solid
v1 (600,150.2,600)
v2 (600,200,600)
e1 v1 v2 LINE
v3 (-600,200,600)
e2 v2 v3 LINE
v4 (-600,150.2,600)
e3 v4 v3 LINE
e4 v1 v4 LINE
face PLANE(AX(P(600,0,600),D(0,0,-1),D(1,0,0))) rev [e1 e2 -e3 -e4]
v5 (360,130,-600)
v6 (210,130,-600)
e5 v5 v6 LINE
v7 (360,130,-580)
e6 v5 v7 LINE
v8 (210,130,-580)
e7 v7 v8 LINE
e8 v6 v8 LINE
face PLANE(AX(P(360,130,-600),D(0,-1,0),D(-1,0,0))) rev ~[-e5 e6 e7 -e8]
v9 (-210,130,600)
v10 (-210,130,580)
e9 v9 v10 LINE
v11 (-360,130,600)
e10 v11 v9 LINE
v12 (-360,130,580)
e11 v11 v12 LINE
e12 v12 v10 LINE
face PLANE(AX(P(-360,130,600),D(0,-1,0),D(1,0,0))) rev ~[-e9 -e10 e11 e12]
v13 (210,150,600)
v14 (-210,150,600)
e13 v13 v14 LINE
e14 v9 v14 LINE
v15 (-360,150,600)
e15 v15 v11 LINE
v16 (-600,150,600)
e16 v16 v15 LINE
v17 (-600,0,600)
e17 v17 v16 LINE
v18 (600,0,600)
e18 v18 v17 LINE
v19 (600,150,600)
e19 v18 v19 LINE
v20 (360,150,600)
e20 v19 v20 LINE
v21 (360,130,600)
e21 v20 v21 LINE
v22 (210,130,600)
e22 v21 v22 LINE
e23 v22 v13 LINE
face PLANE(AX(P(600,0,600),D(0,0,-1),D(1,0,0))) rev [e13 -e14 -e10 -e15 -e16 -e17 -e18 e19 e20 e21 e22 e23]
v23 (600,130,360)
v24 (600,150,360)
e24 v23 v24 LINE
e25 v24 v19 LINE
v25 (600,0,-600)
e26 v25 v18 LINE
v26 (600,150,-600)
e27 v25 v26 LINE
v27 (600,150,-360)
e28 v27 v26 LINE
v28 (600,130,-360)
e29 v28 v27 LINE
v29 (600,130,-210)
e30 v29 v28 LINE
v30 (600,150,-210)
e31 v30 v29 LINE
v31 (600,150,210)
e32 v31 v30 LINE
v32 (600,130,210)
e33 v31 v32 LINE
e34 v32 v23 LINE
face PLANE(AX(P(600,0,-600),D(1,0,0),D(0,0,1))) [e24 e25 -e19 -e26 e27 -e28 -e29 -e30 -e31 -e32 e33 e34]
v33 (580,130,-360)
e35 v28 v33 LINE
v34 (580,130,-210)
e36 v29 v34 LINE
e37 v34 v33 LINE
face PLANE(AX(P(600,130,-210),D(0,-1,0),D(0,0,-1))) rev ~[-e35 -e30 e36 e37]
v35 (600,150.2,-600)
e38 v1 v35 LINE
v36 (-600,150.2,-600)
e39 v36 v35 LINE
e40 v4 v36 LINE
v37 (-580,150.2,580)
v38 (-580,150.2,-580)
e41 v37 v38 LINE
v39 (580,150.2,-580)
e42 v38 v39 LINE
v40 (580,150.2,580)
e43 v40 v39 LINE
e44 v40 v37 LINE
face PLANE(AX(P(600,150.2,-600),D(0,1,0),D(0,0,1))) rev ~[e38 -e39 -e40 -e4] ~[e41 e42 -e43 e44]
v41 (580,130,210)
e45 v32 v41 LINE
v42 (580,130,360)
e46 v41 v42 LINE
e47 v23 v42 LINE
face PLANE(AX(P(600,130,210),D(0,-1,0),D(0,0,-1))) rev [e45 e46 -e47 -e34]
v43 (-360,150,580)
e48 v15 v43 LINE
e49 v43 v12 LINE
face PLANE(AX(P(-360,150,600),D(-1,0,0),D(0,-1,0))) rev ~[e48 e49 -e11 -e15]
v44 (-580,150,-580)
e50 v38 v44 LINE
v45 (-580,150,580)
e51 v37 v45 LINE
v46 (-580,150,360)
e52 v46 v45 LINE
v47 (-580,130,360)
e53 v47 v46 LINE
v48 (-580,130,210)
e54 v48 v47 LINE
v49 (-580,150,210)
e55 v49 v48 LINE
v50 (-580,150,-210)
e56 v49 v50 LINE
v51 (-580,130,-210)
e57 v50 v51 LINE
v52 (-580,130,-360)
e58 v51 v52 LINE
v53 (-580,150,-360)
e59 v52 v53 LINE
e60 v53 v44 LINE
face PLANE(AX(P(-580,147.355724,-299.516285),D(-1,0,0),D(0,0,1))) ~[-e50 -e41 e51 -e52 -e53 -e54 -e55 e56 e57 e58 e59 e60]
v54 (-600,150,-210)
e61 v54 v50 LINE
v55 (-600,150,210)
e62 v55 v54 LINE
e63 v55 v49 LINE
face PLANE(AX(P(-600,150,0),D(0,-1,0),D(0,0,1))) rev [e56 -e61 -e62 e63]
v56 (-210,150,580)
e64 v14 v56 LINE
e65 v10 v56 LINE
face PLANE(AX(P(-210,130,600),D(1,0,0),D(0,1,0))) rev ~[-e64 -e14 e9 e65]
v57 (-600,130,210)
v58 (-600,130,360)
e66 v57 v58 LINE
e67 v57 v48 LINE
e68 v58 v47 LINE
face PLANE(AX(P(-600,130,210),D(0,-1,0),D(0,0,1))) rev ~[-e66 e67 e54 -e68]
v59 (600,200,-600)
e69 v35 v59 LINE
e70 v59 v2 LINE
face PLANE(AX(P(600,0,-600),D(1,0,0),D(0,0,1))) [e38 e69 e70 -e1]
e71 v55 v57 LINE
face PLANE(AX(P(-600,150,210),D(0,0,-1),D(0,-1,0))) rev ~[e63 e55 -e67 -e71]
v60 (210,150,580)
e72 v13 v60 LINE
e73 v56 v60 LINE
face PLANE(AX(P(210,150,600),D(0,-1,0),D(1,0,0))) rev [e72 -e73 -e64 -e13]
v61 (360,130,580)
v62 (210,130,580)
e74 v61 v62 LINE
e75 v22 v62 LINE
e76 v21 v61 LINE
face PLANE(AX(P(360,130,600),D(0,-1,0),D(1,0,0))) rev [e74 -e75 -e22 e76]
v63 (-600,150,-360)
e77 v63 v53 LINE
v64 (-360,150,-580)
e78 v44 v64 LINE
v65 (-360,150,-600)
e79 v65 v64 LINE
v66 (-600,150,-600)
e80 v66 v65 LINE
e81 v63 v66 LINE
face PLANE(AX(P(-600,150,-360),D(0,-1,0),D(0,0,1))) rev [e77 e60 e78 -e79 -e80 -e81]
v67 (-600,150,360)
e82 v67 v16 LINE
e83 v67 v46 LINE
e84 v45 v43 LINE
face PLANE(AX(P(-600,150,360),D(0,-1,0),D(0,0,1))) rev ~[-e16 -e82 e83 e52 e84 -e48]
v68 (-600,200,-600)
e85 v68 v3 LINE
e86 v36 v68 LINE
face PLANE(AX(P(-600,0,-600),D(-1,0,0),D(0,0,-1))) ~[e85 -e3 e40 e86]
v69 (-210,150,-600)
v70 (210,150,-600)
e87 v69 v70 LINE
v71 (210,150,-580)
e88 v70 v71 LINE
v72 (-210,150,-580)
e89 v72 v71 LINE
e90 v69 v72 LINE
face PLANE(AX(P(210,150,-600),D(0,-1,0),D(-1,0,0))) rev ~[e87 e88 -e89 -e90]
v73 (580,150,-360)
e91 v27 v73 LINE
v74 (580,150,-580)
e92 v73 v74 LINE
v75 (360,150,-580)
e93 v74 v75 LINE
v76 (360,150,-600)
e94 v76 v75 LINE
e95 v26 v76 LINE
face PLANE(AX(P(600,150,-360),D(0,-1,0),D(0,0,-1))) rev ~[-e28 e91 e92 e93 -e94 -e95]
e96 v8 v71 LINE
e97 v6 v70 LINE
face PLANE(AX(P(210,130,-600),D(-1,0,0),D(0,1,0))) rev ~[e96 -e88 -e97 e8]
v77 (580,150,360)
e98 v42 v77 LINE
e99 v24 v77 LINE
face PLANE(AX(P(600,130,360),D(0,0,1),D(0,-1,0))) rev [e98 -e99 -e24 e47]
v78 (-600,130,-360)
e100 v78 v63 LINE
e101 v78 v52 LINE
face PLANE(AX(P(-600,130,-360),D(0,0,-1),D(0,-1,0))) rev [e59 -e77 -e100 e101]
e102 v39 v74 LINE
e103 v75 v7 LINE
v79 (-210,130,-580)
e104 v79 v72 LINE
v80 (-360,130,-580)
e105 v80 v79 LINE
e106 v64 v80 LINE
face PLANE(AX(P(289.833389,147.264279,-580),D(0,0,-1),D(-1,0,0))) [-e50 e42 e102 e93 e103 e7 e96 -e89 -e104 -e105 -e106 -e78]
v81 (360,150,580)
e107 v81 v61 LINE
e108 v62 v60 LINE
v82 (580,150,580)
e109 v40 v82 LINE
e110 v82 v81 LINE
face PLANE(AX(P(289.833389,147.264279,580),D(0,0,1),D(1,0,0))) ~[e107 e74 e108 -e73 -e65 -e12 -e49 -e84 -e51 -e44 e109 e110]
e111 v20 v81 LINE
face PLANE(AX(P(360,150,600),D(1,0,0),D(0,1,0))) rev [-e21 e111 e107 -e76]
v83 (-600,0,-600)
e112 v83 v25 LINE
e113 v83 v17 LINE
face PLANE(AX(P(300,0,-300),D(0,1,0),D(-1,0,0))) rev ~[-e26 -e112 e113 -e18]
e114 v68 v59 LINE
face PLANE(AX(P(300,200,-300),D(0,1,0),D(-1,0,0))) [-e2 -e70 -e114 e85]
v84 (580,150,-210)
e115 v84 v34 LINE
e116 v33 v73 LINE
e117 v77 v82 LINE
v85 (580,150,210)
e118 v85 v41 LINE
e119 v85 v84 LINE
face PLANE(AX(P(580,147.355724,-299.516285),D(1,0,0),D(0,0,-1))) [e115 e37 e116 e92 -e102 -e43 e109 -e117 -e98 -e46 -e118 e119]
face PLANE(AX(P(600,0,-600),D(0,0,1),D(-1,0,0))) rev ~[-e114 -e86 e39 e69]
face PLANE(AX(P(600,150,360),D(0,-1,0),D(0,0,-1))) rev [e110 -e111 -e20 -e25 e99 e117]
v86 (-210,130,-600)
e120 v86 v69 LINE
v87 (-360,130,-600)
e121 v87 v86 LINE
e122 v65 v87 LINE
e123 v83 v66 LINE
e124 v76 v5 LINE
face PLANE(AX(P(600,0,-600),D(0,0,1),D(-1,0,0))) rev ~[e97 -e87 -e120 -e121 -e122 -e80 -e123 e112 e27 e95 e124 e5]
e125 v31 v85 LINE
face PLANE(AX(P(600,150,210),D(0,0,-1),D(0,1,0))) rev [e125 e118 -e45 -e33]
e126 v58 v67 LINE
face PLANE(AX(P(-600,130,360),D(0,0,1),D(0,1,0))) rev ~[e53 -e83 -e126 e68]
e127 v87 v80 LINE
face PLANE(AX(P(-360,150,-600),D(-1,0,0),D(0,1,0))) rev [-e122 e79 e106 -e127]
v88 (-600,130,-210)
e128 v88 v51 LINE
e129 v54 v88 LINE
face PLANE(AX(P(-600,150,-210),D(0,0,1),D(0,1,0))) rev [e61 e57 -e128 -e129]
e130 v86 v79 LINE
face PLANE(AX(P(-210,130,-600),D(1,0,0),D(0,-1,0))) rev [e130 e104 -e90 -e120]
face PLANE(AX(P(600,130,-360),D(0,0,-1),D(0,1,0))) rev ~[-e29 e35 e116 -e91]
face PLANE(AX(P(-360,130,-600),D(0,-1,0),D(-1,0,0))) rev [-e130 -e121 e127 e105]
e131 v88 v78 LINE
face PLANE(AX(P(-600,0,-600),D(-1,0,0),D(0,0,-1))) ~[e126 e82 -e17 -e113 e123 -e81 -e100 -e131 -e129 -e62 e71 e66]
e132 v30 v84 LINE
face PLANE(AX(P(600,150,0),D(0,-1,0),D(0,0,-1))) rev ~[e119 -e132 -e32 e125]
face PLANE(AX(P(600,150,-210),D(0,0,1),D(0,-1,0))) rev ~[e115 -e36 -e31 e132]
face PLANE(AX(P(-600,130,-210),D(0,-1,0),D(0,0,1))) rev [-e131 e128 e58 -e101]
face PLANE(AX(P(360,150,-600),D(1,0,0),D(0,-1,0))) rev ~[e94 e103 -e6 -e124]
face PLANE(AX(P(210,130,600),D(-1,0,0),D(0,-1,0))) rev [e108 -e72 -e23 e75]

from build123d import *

# Parameters (mm, degrees)
SKETCH_1_W          = 600
SKETCH_1_H          = 600
EXTRUDE_1_DEPTH     = 200
CUT_EXTRUDE_1_DEPTH = 20
CUT_EXTRUDE_2_DEPTH = 20


with BuildPart() as part:
    # 草图1 → 凸台-拉伸1 (new body)
    with BuildSketch(Plane(origin=(0, 0, 0), x_dir=(1, 0, 0), z_dir=(0, 1, 0))):
        with Locations((-300, -300)):
            Rectangle(SKETCH_1_W, SKETCH_1_H)
    extrude(amount=EXTRUDE_1_DEPTH)

    # 草图2 → 切除-拉伸1 (cut)
    with BuildSketch(Plane.ZY.offset(600)):
        Polygon((600, 150.2), (0, 150.2), (0, 150), (210, 150), (210, 130), (360, 130), (360, 150), (600, 150), align=None)
    extrude(amount=-CUT_EXTRUDE_1_DEPTH, mode=Mode.SUBTRACT)

    # 草图3 → 切除-拉伸2 (cut)
    with BuildSketch(Plane.XY.offset(600)):
        Polygon((-580, 150.2), (-580, 150), (-360, 150), (-360, 130), (-210, 130), (-210, 150), (0, 150), (0, 150.2), align=None)
    extrude(amount=-CUT_EXTRUDE_2_DEPTH, mode=Mode.SUBTRACT)

    # 镜向1: part across plane


with BuildPart() as part_1:
    add(part.part)
    add(part.part.mirror(Plane(origin=(0, 200, 0), x_dir=(1, 0, 0), z_dir=(0, 0, 1))))

    # 镜向2: part across plane


with BuildPart() as part_2:
    add(part_1.part)
    add(part_1.part.mirror(Plane(origin=(0, 200, 0), x_dir=(0, 0, 1), z_dir=(-1, 0, 0))))


solid = part_2.part
